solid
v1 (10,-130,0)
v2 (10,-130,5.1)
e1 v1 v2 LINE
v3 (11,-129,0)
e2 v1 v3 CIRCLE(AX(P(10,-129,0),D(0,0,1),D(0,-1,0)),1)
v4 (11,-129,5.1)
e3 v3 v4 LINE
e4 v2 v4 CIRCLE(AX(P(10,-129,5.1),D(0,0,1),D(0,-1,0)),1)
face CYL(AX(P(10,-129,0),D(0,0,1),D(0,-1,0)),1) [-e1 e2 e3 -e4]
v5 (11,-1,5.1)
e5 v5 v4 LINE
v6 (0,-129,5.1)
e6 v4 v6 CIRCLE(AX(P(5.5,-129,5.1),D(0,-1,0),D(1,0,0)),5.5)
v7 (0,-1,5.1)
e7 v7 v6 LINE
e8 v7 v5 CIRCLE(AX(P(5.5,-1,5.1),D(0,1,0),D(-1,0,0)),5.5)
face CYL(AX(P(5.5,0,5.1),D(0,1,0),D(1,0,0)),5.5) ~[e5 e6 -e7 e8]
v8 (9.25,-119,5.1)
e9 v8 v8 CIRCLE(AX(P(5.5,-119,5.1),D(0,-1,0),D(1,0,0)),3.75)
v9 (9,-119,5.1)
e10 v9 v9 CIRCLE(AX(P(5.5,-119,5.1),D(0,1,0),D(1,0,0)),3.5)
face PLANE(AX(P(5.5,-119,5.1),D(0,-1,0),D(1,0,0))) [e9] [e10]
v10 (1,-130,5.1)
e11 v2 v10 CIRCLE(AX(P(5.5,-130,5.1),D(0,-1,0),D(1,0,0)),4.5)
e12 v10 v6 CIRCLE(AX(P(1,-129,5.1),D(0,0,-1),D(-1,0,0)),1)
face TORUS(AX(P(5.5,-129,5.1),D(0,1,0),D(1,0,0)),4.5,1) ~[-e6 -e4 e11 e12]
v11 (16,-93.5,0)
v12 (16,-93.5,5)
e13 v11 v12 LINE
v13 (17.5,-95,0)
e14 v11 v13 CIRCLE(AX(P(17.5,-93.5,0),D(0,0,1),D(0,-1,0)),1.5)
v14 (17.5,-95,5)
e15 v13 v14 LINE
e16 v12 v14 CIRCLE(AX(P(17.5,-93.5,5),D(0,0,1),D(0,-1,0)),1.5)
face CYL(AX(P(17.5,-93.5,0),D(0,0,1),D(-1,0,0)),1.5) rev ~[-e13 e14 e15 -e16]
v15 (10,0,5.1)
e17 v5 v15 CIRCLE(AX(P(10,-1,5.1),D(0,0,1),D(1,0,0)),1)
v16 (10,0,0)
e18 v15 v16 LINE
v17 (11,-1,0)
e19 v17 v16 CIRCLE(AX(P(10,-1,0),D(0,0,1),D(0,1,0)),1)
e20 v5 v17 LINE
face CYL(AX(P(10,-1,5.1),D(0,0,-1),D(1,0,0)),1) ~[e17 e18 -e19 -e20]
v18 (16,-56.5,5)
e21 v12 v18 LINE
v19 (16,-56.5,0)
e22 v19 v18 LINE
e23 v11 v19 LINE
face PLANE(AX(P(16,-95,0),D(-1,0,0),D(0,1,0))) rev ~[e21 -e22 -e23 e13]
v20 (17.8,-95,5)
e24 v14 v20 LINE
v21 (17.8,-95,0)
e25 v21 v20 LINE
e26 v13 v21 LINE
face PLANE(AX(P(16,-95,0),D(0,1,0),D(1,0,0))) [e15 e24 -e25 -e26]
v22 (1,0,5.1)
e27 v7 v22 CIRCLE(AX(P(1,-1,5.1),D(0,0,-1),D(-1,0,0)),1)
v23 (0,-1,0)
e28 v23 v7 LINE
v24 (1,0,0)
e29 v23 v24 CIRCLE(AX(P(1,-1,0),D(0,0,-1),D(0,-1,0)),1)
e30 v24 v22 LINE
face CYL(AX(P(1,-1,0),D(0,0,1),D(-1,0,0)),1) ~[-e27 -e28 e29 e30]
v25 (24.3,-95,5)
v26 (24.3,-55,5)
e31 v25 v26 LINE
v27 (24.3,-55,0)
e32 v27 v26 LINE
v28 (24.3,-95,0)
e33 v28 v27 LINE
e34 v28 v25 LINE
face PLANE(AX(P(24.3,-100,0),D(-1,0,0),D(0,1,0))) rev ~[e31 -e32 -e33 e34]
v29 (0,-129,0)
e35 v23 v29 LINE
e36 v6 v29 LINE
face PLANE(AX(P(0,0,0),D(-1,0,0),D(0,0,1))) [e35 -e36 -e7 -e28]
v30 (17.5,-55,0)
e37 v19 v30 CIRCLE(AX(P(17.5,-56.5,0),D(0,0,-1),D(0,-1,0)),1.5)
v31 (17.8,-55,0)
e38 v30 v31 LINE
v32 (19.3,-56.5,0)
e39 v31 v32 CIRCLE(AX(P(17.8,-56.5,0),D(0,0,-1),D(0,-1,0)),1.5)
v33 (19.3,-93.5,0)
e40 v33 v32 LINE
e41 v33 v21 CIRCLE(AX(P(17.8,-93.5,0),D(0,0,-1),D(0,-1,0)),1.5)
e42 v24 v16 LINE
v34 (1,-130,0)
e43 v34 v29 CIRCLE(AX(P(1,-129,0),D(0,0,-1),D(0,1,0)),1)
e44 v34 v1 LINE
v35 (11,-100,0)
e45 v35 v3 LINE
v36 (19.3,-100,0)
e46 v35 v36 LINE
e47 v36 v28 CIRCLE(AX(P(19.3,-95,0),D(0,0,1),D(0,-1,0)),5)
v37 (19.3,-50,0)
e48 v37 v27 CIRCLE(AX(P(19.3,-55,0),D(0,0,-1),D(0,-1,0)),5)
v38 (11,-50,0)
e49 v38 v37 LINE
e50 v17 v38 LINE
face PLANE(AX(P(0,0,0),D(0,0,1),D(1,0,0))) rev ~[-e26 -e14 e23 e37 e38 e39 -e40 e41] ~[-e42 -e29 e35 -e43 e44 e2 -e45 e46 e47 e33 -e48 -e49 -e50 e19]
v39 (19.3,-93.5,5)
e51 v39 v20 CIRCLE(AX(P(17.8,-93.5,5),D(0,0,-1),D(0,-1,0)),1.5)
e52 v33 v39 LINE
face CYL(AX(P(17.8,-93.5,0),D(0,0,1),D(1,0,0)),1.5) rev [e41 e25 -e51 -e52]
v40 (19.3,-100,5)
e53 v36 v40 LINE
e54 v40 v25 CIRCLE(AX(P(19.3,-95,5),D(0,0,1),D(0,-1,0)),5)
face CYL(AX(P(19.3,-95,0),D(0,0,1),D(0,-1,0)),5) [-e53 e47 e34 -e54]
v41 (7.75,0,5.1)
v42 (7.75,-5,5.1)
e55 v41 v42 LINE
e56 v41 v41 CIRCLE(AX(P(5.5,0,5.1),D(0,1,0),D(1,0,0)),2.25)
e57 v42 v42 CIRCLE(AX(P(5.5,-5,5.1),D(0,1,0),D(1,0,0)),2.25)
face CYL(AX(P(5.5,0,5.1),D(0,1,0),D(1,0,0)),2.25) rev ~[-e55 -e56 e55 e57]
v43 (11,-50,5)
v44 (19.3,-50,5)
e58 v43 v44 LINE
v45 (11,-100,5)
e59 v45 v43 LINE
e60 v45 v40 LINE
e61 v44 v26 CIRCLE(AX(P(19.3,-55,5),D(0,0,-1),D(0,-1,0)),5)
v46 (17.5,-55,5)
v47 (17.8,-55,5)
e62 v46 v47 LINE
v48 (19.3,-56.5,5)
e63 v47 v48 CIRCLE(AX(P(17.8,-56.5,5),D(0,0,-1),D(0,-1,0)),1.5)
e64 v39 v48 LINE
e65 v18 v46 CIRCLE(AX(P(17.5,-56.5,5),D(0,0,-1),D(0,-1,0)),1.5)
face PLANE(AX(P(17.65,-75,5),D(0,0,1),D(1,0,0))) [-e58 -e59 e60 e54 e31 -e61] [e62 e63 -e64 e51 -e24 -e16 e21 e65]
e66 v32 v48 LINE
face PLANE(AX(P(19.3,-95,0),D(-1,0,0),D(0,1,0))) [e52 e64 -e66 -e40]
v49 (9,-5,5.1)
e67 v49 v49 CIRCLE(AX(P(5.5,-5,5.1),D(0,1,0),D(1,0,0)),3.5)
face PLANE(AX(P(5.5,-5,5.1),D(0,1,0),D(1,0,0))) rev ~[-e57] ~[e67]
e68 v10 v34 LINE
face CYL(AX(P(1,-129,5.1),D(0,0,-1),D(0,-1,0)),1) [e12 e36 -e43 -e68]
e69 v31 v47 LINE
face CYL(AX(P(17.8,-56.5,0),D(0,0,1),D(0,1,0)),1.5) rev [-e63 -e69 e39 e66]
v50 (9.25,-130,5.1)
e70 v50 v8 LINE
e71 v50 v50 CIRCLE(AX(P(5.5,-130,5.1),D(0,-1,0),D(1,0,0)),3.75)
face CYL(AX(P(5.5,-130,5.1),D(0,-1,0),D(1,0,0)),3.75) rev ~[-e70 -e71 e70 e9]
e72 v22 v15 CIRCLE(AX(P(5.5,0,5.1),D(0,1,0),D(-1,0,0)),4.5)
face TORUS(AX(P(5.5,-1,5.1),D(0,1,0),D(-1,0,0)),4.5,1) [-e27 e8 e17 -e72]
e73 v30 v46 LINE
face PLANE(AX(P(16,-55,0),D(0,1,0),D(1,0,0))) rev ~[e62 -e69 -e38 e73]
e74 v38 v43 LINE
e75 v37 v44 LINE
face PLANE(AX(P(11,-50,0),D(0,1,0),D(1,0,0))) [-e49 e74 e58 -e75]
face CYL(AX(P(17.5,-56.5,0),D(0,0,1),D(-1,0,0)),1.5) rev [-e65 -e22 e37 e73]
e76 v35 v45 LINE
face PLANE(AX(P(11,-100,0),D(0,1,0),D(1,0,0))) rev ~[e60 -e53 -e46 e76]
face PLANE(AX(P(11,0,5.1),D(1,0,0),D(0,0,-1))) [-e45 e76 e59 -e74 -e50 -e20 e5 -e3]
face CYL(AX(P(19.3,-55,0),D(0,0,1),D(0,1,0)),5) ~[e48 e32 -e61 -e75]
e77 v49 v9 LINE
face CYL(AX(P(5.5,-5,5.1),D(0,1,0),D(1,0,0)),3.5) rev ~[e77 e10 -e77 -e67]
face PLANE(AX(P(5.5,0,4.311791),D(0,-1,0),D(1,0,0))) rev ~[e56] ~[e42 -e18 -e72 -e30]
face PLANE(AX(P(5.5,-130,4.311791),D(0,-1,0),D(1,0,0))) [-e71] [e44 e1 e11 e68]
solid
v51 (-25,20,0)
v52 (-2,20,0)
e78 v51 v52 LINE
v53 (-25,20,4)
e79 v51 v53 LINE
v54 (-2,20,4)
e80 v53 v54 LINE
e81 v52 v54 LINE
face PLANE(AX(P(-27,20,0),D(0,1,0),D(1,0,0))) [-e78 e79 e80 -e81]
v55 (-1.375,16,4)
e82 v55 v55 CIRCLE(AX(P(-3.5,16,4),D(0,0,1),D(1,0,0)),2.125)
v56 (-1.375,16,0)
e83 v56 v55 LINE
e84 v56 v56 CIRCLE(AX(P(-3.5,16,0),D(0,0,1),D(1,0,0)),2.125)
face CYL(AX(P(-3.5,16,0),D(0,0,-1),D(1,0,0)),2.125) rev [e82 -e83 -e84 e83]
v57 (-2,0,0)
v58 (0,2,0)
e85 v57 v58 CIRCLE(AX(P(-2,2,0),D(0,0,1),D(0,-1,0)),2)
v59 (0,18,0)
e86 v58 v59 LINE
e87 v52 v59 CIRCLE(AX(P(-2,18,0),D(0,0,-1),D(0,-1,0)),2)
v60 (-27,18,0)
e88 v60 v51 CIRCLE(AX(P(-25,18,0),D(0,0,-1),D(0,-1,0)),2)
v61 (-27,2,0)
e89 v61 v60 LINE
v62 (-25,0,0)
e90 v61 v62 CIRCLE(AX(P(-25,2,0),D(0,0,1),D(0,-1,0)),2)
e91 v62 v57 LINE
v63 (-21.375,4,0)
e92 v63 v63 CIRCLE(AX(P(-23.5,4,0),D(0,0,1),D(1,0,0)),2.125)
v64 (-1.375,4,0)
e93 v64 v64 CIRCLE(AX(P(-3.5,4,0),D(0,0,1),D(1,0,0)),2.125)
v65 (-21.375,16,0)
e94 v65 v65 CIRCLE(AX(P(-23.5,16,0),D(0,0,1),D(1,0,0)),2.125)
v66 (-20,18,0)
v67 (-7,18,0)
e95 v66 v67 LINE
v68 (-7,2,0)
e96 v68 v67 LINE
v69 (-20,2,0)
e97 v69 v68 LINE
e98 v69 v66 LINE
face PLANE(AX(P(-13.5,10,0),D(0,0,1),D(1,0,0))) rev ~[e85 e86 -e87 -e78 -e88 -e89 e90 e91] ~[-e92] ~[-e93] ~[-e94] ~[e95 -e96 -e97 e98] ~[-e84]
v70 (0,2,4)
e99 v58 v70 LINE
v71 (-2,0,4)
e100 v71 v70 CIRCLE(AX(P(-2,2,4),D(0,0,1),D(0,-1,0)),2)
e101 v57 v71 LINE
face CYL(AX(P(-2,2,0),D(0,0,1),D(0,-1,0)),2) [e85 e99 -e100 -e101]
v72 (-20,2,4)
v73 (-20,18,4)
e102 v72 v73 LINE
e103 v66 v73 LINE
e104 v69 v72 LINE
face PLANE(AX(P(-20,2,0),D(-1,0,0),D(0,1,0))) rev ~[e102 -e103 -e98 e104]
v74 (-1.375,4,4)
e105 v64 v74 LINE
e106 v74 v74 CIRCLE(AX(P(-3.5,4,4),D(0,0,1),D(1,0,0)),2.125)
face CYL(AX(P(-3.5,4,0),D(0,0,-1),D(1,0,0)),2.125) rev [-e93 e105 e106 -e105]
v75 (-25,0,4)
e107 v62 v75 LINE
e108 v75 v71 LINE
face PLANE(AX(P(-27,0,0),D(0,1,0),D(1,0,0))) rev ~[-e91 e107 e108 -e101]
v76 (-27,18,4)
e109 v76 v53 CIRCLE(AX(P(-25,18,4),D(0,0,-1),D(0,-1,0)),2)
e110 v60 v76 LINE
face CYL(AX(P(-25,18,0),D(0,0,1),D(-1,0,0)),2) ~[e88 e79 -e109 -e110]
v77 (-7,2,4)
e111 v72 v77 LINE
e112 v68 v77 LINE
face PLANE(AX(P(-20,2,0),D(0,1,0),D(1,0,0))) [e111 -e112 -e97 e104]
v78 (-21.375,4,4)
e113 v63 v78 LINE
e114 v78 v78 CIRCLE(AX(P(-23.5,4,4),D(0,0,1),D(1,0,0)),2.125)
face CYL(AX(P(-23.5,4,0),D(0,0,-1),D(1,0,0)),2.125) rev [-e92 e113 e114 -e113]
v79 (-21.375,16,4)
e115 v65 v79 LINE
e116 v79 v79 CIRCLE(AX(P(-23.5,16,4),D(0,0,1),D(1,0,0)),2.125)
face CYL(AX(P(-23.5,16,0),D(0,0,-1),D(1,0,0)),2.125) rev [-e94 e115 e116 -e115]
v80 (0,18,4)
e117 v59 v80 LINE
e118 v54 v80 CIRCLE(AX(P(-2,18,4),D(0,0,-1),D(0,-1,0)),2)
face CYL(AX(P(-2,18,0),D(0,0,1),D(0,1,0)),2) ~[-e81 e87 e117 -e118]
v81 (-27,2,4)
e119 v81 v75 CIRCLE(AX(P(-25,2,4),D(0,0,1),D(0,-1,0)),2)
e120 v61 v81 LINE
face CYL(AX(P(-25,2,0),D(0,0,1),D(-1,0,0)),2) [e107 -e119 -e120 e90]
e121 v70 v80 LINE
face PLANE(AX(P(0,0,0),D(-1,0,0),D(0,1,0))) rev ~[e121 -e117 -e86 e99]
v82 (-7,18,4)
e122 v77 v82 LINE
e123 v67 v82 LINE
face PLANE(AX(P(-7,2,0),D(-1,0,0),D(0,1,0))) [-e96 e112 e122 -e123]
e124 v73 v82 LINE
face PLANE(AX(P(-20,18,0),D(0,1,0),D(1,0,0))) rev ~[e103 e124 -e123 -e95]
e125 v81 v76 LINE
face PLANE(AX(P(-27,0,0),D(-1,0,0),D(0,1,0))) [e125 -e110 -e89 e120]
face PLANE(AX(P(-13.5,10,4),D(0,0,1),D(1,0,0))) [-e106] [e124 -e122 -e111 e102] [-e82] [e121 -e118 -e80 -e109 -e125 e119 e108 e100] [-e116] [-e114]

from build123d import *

# Parameters (mm, degrees)
PAD_DEPTH       = 130
SKETCH001_R     = 2.25
POCKET_DEPTH    = 5
SKETCH002_R     = 3.5
POCKET001_DEPTH = 114
SKETCH003_R     = 3.75
POCKET002_DEPTH = 11
SKETCH004_W     = 13.3
SKETCH004_H     = 50
SKETCH004_W_2   = 3.3
SKETCH004_H_2   = 40
PAD001_DEPTH    = 5
FILLET_R        = 5
FILLET001_R     = 1.5
FILLET002_R     = 1
SKETCH005_W     = 27
SKETCH005_H     = 20
SKETCH005_R     = 2.125
SKETCH005_W_2   = 13
SKETCH005_H_2   = 16
PAD002_DEPTH    = 4
FILLET003_R     = 2


with BuildPart() as penholder:
    # Sketch → Pad (new body)
    with BuildSketch(Plane.XZ):
        with BuildLine():
            ThreePointArc((11, 5.1), (5.5, 10.6), (0, 5.1))
            Line((0, 0), (0, 5.1))
            Line((0, 0), (11, 0))
            Line((11, 5.1), (11, 0))
        make_face()
    extrude(amount=PAD_DEPTH)

    # Sketch001 (on Face5 of Pad) → Pocket (cut)
    with BuildSketch(Plane(origin=(0, 0, 0), x_dir=(1, 0, 0), z_dir=(0, 1, 0))):
        with Locations((5.5, -5.1)):
            Circle(SKETCH001_R)
    extrude(amount=-POCKET_DEPTH, mode=Mode.SUBTRACT)

    # Sketch002 (on Face8 of Pocket) → Pocket001 (cut)
    with BuildSketch(Plane(origin=(0, -5, 0), x_dir=(1, 0, 0), z_dir=(0, 1, 0))):
        with Locations((5.5, -5.1)):
            Circle(SKETCH002_R)
    extrude(amount=-POCKET001_DEPTH, mode=Mode.SUBTRACT)

    # Sketch003 (on Face5 of Pocket001) → Pocket002 (cut)
    with BuildSketch(Plane.XZ.offset(130)):
        with Locations((5.5, 5.1)):
            Circle(SKETCH003_R)
    extrude(amount=-POCKET002_DEPTH, mode=Mode.SUBTRACT)

    # Sketch004 → Pad001 (join)
    with BuildSketch(Plane.XY):
        with Locations((17.65, -75)):
            Rectangle(SKETCH004_W, SKETCH004_H)
        with Locations((17.65, -75)):
            Rectangle(SKETCH004_W_2, SKETCH004_H_2, mode=Mode.SUBTRACT)
    extrude(amount=PAD001_DEPTH)

    # Fillet
    fillet_edges = [penholder.edges().sort_by_distance(p)[0] for p in [
        (24.3, -50, 2.5),
        (24.3, -100, 2.5),
    ]]
    fillet(fillet_edges, radius=FILLET_R)

    # Fillet001
    fillet001_edges = [penholder.edges().sort_by_distance(p)[0] for p in [
        (16, -95, 2.5),
        (19.3, -95, 2.5),
        (19.3, -55, 2.5),
        (16, -55, 2.5),
    ]]
    fillet(fillet001_edges, radius=FILLET001_R)

    # Fillet002
    fillet002_edges = [penholder.edges().sort_by_distance(p)[0] for p in [
        (5.5, -130, 10.6),
        (11, -130, 2.55),
        (11, 0, 2.55),
        (5.5, 0, 10.6),
        (0, 0, 2.55),
        (0, -130, 2.55),
    ]]
    fillet(fillet002_edges, radius=FILLET002_R)


with BuildPart() as nutsholder:
    # Sketch005 → Pad002 (new body)
    with BuildSketch(Plane.XY):
        with Locations((-13.5, 10)):
            Rectangle(SKETCH005_W, SKETCH005_H)
        with Locations((-23.5, 16)):
            Circle(SKETCH005_R, mode=Mode.SUBTRACT)
        with Locations((-23.5, 4)):
            Circle(SKETCH005_R, mode=Mode.SUBTRACT)
        with Locations((-3.5, 4)):
            Circle(SKETCH005_R, mode=Mode.SUBTRACT)
        with Locations((-3.5, 16)):
            Circle(SKETCH005_R, mode=Mode.SUBTRACT)
        with Locations((-13.5, 10)):
            Rectangle(SKETCH005_W_2, SKETCH005_H_2, mode=Mode.SUBTRACT)
    extrude(amount=PAD002_DEPTH)

    # Fillet003
    fillet003_edges = [nutsholder.edges().sort_by_distance(p)[0] for p in [
        (-27, 20, 2),
        (-27, 0, 2),
        (0, 0, 2),
        (0, 20, 2),
    ]]
    fillet(fillet003_edges, radius=FILLET003_R)


solid = Compound([penholder.part, nutsholder.part])
